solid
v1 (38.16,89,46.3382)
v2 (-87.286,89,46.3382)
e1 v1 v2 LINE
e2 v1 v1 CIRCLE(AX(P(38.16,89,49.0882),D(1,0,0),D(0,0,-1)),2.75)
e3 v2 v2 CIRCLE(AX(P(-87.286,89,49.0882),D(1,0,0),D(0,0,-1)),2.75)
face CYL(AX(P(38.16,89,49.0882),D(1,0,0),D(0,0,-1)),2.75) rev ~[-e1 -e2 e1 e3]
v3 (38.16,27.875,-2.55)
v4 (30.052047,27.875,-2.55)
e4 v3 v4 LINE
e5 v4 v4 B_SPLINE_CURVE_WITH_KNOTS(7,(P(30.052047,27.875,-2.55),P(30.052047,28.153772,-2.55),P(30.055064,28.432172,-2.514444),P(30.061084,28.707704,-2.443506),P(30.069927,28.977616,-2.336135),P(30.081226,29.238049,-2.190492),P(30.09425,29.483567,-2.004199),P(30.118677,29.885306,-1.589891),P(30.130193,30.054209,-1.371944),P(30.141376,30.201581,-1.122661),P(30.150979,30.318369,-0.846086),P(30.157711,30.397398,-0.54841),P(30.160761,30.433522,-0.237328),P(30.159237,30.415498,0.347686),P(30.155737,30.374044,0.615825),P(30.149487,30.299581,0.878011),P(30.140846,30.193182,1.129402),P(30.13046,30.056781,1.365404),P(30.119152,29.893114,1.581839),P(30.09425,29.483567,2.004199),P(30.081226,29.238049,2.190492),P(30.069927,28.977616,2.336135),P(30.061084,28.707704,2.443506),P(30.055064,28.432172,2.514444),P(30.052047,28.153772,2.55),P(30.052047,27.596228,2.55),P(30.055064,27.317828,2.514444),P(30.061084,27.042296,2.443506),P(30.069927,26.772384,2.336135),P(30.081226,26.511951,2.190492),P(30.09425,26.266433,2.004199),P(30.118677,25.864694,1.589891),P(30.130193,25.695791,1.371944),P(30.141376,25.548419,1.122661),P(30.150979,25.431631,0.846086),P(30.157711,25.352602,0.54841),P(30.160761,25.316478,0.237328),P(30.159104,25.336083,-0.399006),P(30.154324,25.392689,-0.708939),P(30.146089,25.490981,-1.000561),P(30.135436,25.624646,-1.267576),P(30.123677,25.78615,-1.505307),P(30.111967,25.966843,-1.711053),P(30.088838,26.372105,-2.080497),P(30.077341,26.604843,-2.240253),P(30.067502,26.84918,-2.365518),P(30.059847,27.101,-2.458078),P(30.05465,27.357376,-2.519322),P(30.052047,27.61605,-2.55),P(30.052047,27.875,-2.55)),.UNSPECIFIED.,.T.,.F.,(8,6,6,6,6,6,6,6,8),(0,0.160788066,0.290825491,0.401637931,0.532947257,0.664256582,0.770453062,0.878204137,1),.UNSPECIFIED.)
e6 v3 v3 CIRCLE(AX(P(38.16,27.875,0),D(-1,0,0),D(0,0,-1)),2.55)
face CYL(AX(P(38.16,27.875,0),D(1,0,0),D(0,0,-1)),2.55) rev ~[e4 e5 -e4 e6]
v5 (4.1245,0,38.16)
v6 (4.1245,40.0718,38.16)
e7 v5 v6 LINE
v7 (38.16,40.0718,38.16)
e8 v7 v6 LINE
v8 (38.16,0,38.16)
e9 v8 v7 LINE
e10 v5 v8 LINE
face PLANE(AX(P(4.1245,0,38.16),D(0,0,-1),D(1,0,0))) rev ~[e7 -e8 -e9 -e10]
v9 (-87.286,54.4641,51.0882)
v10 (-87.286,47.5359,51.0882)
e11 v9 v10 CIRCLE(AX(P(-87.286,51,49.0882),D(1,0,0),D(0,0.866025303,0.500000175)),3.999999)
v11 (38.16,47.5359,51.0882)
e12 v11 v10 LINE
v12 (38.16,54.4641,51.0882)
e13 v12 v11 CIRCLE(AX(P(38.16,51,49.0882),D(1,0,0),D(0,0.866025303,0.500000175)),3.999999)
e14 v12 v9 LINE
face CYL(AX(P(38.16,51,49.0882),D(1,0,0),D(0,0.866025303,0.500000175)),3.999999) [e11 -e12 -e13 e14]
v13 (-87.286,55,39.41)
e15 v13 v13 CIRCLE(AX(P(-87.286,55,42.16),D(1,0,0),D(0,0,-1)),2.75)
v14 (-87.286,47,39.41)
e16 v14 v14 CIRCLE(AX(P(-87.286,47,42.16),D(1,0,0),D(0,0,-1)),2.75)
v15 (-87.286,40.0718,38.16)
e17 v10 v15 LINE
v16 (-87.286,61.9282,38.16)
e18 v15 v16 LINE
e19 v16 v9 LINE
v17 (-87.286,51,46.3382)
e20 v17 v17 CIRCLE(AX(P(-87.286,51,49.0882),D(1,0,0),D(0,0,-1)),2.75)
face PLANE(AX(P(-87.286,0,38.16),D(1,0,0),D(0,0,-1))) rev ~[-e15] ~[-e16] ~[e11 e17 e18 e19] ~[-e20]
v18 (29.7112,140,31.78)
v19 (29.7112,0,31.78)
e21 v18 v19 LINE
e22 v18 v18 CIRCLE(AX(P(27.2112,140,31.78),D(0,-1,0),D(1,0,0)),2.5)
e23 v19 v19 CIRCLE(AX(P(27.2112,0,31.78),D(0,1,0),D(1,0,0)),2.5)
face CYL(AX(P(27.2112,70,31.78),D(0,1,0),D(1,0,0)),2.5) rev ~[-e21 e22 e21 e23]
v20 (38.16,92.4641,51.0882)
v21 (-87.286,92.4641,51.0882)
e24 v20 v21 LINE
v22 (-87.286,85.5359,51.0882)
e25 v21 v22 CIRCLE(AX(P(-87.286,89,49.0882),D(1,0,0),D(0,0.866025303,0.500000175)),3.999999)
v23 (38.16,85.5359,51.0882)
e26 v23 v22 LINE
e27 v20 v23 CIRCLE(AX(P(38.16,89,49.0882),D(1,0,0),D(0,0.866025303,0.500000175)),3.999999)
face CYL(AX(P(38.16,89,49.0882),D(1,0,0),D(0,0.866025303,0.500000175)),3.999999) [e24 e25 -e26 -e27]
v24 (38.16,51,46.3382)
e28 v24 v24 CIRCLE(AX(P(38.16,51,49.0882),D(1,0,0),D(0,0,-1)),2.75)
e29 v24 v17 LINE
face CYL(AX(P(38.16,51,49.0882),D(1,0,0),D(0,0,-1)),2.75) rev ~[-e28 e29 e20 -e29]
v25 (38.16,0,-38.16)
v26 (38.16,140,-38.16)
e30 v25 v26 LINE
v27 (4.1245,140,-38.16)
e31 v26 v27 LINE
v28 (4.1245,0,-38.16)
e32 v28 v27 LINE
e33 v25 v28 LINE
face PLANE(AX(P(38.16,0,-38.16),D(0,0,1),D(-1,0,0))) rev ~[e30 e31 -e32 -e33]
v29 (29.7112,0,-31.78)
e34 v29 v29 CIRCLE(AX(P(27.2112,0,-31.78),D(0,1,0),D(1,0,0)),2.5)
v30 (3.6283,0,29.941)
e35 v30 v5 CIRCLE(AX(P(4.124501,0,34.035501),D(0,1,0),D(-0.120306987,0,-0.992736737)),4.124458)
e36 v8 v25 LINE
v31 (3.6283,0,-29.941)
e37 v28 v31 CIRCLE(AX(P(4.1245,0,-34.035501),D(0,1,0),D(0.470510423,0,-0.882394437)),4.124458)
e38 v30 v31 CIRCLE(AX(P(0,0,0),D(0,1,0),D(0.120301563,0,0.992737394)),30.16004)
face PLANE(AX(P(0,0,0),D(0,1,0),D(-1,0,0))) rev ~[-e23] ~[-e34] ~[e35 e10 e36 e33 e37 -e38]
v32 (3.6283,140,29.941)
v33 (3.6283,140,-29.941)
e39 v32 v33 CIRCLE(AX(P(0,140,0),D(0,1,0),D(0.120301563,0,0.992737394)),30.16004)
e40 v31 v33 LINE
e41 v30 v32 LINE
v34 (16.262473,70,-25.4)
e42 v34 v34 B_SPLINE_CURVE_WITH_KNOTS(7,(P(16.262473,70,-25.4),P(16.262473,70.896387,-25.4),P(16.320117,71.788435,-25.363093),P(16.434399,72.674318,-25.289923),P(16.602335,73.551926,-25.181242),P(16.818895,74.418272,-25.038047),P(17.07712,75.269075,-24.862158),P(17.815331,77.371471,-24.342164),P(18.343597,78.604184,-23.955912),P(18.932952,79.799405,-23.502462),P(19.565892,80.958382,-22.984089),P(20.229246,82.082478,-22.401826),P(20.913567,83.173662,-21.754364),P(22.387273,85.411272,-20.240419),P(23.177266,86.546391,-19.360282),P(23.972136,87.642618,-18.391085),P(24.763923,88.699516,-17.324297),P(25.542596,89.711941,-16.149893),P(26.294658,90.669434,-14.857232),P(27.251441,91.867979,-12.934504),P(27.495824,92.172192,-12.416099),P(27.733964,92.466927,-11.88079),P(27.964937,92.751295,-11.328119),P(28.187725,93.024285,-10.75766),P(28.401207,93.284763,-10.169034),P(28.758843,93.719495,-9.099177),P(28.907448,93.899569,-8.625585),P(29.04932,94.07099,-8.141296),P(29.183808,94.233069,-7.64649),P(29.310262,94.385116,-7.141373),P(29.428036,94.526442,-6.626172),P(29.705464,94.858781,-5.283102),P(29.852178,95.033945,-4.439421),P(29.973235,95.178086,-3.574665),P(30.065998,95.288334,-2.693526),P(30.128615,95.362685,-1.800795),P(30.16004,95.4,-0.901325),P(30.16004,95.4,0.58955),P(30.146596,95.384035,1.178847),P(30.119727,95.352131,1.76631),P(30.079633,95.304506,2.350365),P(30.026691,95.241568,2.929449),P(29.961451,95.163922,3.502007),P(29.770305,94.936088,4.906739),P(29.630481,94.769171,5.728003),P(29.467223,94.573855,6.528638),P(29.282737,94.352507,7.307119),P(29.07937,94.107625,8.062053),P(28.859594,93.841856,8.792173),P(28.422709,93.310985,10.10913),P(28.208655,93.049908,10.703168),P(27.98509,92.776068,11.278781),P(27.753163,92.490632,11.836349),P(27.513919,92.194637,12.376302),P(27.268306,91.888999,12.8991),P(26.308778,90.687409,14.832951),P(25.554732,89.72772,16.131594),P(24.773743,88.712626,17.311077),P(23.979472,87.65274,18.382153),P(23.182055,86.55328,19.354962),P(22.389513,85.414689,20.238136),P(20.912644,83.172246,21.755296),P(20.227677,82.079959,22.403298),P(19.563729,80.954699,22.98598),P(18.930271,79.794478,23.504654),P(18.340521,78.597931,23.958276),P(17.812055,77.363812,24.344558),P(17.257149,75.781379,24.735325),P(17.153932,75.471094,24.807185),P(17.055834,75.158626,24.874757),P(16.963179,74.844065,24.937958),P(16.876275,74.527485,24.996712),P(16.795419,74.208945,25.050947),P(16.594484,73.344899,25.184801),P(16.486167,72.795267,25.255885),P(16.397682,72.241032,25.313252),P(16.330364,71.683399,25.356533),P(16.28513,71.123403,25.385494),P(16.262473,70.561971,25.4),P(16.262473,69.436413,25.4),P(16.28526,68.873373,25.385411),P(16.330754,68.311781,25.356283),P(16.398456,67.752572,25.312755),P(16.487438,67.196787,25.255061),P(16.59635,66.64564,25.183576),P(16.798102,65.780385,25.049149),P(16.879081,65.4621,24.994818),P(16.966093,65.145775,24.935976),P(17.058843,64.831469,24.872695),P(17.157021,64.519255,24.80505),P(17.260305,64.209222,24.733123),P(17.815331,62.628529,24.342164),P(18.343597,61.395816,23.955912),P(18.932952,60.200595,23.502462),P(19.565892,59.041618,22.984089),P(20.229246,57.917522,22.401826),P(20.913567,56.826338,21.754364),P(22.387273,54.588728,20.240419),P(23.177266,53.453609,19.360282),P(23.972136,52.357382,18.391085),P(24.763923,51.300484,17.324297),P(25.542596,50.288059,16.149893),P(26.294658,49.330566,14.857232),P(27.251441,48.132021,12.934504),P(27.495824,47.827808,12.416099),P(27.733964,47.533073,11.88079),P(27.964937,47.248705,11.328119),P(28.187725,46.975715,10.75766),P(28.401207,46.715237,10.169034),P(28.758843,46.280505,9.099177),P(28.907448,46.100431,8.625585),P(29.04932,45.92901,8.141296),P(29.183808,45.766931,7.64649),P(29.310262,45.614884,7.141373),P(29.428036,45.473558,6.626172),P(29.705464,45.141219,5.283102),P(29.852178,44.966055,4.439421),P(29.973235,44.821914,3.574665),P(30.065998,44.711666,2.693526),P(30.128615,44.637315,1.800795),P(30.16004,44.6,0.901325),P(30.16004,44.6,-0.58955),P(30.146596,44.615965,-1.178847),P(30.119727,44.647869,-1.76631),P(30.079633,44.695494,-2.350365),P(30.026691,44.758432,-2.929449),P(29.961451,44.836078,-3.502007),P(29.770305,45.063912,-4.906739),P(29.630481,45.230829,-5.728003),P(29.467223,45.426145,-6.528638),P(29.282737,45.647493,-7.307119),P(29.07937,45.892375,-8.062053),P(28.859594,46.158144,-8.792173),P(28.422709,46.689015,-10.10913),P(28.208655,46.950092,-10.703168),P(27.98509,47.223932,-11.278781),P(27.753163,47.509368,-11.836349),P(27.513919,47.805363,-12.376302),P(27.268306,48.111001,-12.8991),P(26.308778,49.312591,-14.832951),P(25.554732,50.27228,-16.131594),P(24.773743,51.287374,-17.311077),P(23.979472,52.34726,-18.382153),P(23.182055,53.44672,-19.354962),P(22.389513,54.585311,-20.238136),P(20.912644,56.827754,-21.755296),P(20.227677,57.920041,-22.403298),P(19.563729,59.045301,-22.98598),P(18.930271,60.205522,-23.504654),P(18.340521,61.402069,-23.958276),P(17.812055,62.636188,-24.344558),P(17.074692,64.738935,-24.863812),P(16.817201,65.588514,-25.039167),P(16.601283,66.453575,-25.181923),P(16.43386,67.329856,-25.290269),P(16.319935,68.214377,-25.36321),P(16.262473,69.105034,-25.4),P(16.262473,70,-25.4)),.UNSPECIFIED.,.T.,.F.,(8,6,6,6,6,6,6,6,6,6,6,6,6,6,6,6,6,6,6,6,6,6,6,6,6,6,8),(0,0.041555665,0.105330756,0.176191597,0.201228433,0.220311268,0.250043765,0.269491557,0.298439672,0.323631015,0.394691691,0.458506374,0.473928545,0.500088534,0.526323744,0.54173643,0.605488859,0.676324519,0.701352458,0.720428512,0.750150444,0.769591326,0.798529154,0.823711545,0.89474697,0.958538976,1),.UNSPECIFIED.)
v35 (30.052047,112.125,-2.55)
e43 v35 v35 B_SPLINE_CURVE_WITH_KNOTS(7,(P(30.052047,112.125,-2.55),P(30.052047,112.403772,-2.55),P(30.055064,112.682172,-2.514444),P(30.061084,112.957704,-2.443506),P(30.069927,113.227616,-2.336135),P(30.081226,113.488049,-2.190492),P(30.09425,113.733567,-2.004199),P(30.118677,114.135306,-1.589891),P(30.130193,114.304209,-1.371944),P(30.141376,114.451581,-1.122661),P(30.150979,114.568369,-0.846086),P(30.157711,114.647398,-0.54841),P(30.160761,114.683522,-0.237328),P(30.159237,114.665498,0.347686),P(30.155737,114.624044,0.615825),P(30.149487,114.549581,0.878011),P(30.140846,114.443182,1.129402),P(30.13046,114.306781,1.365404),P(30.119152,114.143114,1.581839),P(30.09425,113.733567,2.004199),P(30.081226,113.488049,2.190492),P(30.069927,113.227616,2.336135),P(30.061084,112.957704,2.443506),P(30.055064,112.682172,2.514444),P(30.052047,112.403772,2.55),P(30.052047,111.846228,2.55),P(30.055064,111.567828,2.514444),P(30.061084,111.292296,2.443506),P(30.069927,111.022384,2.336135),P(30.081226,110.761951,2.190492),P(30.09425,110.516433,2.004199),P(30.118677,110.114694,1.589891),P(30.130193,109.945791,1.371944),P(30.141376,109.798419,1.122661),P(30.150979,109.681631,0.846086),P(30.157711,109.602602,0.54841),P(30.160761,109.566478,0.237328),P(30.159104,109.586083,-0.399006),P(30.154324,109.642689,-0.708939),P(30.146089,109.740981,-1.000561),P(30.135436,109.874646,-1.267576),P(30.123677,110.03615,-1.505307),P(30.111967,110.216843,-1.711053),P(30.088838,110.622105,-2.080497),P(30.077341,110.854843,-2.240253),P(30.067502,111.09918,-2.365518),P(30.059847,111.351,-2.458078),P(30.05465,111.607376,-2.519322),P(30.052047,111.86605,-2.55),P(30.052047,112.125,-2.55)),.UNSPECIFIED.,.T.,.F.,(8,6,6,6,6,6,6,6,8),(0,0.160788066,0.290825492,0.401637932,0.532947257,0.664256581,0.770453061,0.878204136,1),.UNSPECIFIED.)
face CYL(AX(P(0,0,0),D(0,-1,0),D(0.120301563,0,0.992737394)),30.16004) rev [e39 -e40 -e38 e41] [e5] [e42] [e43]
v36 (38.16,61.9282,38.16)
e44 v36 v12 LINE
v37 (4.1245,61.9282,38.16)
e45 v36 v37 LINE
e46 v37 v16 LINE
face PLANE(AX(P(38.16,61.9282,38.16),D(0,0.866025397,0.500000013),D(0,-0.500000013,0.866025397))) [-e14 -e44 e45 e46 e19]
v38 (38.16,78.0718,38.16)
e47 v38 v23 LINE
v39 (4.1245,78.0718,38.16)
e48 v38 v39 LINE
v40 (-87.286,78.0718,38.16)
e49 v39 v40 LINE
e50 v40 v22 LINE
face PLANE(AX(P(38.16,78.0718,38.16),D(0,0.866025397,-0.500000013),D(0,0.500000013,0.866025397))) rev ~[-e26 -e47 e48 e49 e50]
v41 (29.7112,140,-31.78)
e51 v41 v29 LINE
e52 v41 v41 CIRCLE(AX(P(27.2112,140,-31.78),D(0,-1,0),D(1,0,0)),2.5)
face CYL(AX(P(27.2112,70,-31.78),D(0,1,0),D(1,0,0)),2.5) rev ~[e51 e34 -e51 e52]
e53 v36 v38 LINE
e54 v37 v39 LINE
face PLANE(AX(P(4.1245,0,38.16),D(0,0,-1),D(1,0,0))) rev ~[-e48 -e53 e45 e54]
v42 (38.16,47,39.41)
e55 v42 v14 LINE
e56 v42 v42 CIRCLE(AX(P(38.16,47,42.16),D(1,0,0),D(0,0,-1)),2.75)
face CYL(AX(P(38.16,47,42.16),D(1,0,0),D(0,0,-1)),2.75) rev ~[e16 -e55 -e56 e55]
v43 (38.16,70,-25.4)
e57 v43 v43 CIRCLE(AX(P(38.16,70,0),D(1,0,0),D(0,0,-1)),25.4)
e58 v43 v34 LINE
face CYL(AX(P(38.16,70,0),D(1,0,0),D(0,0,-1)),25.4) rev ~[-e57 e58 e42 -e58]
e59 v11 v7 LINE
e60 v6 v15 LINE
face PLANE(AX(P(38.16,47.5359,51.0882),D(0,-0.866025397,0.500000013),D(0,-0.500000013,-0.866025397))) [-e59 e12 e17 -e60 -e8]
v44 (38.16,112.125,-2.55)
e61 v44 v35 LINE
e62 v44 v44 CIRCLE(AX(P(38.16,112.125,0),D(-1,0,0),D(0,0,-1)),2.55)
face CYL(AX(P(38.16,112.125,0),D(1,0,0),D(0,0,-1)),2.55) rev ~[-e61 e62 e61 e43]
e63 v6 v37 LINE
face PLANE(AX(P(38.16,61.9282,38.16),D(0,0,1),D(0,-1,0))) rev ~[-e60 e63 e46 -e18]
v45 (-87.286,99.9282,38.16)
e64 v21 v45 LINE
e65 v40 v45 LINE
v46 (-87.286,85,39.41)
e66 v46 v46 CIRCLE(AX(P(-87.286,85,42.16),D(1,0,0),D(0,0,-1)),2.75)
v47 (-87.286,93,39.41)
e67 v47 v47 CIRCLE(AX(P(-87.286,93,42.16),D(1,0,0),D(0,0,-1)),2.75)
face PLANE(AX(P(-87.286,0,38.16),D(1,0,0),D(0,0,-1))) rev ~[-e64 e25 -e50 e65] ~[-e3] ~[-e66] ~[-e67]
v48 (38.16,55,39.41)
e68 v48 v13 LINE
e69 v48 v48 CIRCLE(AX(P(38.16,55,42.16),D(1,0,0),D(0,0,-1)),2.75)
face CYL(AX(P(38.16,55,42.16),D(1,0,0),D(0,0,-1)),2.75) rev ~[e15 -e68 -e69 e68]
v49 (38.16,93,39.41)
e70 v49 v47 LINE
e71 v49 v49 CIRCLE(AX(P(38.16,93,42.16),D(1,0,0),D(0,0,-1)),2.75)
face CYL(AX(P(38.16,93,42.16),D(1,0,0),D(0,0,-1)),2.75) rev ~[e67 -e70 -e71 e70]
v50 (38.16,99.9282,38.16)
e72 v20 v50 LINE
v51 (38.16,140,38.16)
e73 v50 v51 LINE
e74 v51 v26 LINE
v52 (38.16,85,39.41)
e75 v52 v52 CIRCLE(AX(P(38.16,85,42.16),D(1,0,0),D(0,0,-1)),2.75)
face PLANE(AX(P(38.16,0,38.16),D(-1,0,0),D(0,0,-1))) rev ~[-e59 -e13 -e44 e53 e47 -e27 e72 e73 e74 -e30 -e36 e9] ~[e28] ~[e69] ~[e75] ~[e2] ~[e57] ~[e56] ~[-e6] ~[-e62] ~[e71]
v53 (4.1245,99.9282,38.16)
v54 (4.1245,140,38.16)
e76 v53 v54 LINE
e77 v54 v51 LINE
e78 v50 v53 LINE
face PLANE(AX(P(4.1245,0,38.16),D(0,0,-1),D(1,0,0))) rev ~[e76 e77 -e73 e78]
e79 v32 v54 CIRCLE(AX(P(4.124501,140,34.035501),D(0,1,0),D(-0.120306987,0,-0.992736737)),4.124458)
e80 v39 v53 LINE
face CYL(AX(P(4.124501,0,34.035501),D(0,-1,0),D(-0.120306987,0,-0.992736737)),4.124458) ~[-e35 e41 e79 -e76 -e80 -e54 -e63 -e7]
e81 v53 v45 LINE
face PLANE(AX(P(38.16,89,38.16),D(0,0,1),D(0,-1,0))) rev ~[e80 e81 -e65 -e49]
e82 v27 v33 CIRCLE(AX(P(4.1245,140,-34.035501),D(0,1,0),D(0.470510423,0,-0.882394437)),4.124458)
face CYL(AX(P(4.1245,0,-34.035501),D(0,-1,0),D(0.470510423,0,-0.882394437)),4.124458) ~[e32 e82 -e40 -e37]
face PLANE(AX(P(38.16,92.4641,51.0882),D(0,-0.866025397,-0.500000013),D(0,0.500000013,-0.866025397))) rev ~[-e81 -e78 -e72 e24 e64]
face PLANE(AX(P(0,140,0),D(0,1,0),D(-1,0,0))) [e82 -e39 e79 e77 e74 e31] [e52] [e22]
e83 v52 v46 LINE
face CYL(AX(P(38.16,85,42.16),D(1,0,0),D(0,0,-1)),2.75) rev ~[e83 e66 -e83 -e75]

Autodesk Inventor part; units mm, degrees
ref_plane "YZ Plane" through (0, 0, 0) normal (1, 0, 0) x (0, 1, 0)
ref_plane "XZ Plane" through (0, 0, 0) normal (0, 1, 0) x (-1, 0, 0)
sketch "Sketch1" plane through (0, 0, 0) normal (0, 1, 0) x (-1, 0, 0)
  arc A0 (0, 30.16) -> (-3.6283, 29.941) centre (0, 0) ccw construction
  arc A1 (-26.9832, 26.9832) -> (-36.0277, -12.5774) centre (0, 0) ccw construction
  line L0 (38.16, 38.16) -> (0, 38.16) construction
  line L1 (-38.16, 38.16) -> (-38.16, -38.16)
  line L2 (-38.16, -38.16) -> (-4.1245, -38.16)
  line L3 (38.16, -38.16) -> (38.16, 38.16) construction
  line L4 (38.16, 38.16) -> (-21.3263, -21.3263) construction
  line L5 (-38.16, 38.16) -> (-21.3263, 21.3263) construction
  line L6 (0, 38.16) -> (-4.1245, 38.16) construction
  line L7 (0, -38.16) -> (38.16, -38.16) construction
  arc A2 (0, 38.16) -> (-26.9832, 26.9832) centre (0, 0) ccw construction
  arc A3 (-36.9415, -9.566) -> (-26.9832, -26.9832) centre (0, 0) ccw construction
  arc A4 (-26.9832, -26.9832) -> (0, -38.16) centre (0, 0) ccw construction
  arc A5 (0, -38.16) -> (0, 38.16) centre (0, 0) ccw construction
  line L8 (-21.3263, 21.3263) -> (38.16, -38.16) construction
  line L9 (-21.3263, -21.3263) -> (-38.16, -38.16) construction
  line L10 (0, 38.16) -> (0, 30.16) construction
  line L11 (0, -30.16) -> (0, -38.16) construction
  arc A6 (21.3263, 21.3263) -> (0, 30.16) centre (0, 0) ccw construction
  arc A7 (0, -30.16) -> (21.3263, 21.3263) centre (0, 0) ccw construction
  arc A8 (-6.0651, -37.6749) -> (-3.6283, -29.941) centre (-4.1245, -34.0355) ccw
  arc A9 (-3.6283, 29.941) -> (-6.0651, 37.6749) centre (-4.1245, 34.0355) ccw
  line L12 (-4.1245, -38.16) -> (0, -38.16) construction
  arc A10 (-3.6283, -29.941) -> (0, -30.16) centre (0, 0) ccw construction
  arc A11 (-3.6283, 29.941) -> (-3.6283, -29.941) centre (0, 0) ccw
  line L13 (-4.1245, 38.16) -> (-38.16, 38.16)
  arc A12 (-3.6283, -29.941) -> (-6.0651, -37.6749) centre (-4.1245, -34.0355) ccw construction
  arc A13 (-6.0651, 37.6749) -> (-3.6283, 29.941) centre (-4.1245, 34.0355) ccw construction
  dimension "d0" = 60.32
  dimension "d1" = 8
extrude "Extrusion1" add sketch "Sketch1" along normal blind 140
sketch "Sketch2" plane through (38.16, 0, 38.16) normal (1, 0, 0) x (0, 0, -1)
  line L0 (8.219, 140) -> (0, 140) projected
  line L1 (0, 140) -> (76.32, 0) construction
  line L2 (76.32, 140) -> (0, 0) construction
  circle A0 centre (38.16, 70) radius 25.4
  dimension "d15" = 50.8
extrude "Extrusion2" cut sketch "Sketch2" against normal up to next
ref_plane "Work Plane1" through (0, 70, 0) normal (0, 1, 0) x (1, 0, 0)
sketch "Sketch3" plane through (0, 70, 0) normal (0, 1, 0) x (1, 0, 0)
  line L0 (38.16, 38.16) -> (4.1245, 38.16) projected
  line L1 (38.16, 25.4) -> (16.2624, 25.4) projected
  line L2 (38.16, -38.16) -> (38.16, 38.16) projected
  line L3 (38.16, -25.4) -> (16.2624, -25.4) projected
  line L4 (4.1245, -38.16) -> (38.16, -38.16) projected
  line L5 (16.2624, 25.4) -> (38.16, 38.16) construction
  line L6 (38.16, 25.4) -> (16.2624, 38.16) construction
  line L7 (16.2624, -25.4) -> (38.16, -38.16) construction
  line L8 (38.16, -25.4) -> (16.2624, -38.16) construction
  circle A0 centre (27.2112, 31.78) radius 2.5
  circle A1 centre (27.2112, -31.78) radius 2.5
  dimension "d16" = 5
  dimension "d17" = 5
extrude "Extrusion3" cut sketch "Sketch3" along normal through all both and the other way through all
sketch "Sketch5" plane through (38.16, 0, 38.16) normal (1, 0, 0) x (0, 0, -1)
  circle A0 centre (38.16, 70) radius 25.4 projected
  line L0 (0, 140) -> (76.32, 140) projected
  line L1 (0, 0) -> (76.32, 0) projected
  line L2 (38.16, 95.4) -> (38.16, 140) construction
  line L3 (38.16, 44.6) -> (38.16, 0) construction
  circle A1 centre (38.16, 112.125) radius 2.55
  circle A2 centre (38.16, 27.875) radius 2.55
  line L4 (38.16, 22.3) -> (38.16, 44.6) construction
  line L5 (38.16, 117.7) -> (38.16, 95.4) construction
  line L6 (38.16, 22.3) -> (38.16, 33.45)
  line L7 (38.16, 117.7) -> (38.16, 106.55)
  dimension "d18" = 5.1
  dimension "d19" = 5.1
extrude "Extrusion4" cut sketch "Sketch5" against normal up to next contours A1 L7 | L7 A1 | A2 L6 | L6 A2
ref_plane "Work Plane2" through (4.1245, 0, 0) normal (0, 0, 1) x (1, 0, 0)
sketch "Sketch7" plane through (38.16, 0, 38.16) normal (1, 0, 0) x (0, 0, -1)
  line L0 (0, 0) -> (0, 140) construction
  line L1 (0, 140) -> (0, 0) construction
  line L2 (0, 89) -> (0, 51)
  circle A0 centre (-4, 93) radius 4 construction
  circle A1 centre (-4, 93) radius 2.75
  circle A2 centre (-4, 85) radius 4 construction
  circle A3 centre (-4, 85) radius 2.75
  arc A4 (-12.9282, 85.5359) -> (-12.9282, 92.4641) centre (-10.9282, 89) ccw construction
  circle A5 centre (-10.9282, 89) radius 2.75
  line L3 (0, 70) -> (-10, 70) construction
  line L4 (0, 89) -> (-10, 89) construction
  line L5 (0, 78.0718) -> (-12.9282, 85.5359)
  line L6 (-12.9282, 92.4641) -> (0, 99.9282)
  arc A6 (-12.9282, 92.4641) -> (-12.9282, 85.5359) centre (-10.9282, 89) ccw
  circle A7 centre (-4, 47) radius 4 construction
  circle A8 centre (-4, 47) radius 2.75
  circle A9 centre (-4, 55) radius 4 construction
  circle A10 centre (-4, 55) radius 2.75
  arc A11 (-12.9282, 47.5359) -> (-12.9282, 54.4641) centre (-10.9282, 51) ccw construction
  circle A12 centre (-10.9282, 51) radius 2.75
  line L7 (0, 51) -> (-10, 51) construction
  line L8 (0, 61.9282) -> (-12.9282, 54.4641)
  line L9 (-12.9282, 47.5359) -> (0, 40.0718)
  arc A13 (-12.9282, 54.4641) -> (-12.9282, 47.5359) centre (-10.9282, 51) ccw
  line L10 (0, 89) -> (0, 99.9282)
  line L11 (0, 51) -> (0, 40.0718)
  point P0 (38.16, 0)
  dimension "d26" = 38
  dimension "d27" = 8
  dimension "d28" = 5.5
  dimension "d29" = 8
  dimension "d30" = 5.5
  dimension "d31" = 8
  dimension "d32" = 5.5
  dimension "d33" = 10
  dimension "d34" = 10
extrude "Extrusion6" add sketch "Sketch7" against normal blind 125.446
properties part number "Tubo Exterior" material "ABS Plastic"
